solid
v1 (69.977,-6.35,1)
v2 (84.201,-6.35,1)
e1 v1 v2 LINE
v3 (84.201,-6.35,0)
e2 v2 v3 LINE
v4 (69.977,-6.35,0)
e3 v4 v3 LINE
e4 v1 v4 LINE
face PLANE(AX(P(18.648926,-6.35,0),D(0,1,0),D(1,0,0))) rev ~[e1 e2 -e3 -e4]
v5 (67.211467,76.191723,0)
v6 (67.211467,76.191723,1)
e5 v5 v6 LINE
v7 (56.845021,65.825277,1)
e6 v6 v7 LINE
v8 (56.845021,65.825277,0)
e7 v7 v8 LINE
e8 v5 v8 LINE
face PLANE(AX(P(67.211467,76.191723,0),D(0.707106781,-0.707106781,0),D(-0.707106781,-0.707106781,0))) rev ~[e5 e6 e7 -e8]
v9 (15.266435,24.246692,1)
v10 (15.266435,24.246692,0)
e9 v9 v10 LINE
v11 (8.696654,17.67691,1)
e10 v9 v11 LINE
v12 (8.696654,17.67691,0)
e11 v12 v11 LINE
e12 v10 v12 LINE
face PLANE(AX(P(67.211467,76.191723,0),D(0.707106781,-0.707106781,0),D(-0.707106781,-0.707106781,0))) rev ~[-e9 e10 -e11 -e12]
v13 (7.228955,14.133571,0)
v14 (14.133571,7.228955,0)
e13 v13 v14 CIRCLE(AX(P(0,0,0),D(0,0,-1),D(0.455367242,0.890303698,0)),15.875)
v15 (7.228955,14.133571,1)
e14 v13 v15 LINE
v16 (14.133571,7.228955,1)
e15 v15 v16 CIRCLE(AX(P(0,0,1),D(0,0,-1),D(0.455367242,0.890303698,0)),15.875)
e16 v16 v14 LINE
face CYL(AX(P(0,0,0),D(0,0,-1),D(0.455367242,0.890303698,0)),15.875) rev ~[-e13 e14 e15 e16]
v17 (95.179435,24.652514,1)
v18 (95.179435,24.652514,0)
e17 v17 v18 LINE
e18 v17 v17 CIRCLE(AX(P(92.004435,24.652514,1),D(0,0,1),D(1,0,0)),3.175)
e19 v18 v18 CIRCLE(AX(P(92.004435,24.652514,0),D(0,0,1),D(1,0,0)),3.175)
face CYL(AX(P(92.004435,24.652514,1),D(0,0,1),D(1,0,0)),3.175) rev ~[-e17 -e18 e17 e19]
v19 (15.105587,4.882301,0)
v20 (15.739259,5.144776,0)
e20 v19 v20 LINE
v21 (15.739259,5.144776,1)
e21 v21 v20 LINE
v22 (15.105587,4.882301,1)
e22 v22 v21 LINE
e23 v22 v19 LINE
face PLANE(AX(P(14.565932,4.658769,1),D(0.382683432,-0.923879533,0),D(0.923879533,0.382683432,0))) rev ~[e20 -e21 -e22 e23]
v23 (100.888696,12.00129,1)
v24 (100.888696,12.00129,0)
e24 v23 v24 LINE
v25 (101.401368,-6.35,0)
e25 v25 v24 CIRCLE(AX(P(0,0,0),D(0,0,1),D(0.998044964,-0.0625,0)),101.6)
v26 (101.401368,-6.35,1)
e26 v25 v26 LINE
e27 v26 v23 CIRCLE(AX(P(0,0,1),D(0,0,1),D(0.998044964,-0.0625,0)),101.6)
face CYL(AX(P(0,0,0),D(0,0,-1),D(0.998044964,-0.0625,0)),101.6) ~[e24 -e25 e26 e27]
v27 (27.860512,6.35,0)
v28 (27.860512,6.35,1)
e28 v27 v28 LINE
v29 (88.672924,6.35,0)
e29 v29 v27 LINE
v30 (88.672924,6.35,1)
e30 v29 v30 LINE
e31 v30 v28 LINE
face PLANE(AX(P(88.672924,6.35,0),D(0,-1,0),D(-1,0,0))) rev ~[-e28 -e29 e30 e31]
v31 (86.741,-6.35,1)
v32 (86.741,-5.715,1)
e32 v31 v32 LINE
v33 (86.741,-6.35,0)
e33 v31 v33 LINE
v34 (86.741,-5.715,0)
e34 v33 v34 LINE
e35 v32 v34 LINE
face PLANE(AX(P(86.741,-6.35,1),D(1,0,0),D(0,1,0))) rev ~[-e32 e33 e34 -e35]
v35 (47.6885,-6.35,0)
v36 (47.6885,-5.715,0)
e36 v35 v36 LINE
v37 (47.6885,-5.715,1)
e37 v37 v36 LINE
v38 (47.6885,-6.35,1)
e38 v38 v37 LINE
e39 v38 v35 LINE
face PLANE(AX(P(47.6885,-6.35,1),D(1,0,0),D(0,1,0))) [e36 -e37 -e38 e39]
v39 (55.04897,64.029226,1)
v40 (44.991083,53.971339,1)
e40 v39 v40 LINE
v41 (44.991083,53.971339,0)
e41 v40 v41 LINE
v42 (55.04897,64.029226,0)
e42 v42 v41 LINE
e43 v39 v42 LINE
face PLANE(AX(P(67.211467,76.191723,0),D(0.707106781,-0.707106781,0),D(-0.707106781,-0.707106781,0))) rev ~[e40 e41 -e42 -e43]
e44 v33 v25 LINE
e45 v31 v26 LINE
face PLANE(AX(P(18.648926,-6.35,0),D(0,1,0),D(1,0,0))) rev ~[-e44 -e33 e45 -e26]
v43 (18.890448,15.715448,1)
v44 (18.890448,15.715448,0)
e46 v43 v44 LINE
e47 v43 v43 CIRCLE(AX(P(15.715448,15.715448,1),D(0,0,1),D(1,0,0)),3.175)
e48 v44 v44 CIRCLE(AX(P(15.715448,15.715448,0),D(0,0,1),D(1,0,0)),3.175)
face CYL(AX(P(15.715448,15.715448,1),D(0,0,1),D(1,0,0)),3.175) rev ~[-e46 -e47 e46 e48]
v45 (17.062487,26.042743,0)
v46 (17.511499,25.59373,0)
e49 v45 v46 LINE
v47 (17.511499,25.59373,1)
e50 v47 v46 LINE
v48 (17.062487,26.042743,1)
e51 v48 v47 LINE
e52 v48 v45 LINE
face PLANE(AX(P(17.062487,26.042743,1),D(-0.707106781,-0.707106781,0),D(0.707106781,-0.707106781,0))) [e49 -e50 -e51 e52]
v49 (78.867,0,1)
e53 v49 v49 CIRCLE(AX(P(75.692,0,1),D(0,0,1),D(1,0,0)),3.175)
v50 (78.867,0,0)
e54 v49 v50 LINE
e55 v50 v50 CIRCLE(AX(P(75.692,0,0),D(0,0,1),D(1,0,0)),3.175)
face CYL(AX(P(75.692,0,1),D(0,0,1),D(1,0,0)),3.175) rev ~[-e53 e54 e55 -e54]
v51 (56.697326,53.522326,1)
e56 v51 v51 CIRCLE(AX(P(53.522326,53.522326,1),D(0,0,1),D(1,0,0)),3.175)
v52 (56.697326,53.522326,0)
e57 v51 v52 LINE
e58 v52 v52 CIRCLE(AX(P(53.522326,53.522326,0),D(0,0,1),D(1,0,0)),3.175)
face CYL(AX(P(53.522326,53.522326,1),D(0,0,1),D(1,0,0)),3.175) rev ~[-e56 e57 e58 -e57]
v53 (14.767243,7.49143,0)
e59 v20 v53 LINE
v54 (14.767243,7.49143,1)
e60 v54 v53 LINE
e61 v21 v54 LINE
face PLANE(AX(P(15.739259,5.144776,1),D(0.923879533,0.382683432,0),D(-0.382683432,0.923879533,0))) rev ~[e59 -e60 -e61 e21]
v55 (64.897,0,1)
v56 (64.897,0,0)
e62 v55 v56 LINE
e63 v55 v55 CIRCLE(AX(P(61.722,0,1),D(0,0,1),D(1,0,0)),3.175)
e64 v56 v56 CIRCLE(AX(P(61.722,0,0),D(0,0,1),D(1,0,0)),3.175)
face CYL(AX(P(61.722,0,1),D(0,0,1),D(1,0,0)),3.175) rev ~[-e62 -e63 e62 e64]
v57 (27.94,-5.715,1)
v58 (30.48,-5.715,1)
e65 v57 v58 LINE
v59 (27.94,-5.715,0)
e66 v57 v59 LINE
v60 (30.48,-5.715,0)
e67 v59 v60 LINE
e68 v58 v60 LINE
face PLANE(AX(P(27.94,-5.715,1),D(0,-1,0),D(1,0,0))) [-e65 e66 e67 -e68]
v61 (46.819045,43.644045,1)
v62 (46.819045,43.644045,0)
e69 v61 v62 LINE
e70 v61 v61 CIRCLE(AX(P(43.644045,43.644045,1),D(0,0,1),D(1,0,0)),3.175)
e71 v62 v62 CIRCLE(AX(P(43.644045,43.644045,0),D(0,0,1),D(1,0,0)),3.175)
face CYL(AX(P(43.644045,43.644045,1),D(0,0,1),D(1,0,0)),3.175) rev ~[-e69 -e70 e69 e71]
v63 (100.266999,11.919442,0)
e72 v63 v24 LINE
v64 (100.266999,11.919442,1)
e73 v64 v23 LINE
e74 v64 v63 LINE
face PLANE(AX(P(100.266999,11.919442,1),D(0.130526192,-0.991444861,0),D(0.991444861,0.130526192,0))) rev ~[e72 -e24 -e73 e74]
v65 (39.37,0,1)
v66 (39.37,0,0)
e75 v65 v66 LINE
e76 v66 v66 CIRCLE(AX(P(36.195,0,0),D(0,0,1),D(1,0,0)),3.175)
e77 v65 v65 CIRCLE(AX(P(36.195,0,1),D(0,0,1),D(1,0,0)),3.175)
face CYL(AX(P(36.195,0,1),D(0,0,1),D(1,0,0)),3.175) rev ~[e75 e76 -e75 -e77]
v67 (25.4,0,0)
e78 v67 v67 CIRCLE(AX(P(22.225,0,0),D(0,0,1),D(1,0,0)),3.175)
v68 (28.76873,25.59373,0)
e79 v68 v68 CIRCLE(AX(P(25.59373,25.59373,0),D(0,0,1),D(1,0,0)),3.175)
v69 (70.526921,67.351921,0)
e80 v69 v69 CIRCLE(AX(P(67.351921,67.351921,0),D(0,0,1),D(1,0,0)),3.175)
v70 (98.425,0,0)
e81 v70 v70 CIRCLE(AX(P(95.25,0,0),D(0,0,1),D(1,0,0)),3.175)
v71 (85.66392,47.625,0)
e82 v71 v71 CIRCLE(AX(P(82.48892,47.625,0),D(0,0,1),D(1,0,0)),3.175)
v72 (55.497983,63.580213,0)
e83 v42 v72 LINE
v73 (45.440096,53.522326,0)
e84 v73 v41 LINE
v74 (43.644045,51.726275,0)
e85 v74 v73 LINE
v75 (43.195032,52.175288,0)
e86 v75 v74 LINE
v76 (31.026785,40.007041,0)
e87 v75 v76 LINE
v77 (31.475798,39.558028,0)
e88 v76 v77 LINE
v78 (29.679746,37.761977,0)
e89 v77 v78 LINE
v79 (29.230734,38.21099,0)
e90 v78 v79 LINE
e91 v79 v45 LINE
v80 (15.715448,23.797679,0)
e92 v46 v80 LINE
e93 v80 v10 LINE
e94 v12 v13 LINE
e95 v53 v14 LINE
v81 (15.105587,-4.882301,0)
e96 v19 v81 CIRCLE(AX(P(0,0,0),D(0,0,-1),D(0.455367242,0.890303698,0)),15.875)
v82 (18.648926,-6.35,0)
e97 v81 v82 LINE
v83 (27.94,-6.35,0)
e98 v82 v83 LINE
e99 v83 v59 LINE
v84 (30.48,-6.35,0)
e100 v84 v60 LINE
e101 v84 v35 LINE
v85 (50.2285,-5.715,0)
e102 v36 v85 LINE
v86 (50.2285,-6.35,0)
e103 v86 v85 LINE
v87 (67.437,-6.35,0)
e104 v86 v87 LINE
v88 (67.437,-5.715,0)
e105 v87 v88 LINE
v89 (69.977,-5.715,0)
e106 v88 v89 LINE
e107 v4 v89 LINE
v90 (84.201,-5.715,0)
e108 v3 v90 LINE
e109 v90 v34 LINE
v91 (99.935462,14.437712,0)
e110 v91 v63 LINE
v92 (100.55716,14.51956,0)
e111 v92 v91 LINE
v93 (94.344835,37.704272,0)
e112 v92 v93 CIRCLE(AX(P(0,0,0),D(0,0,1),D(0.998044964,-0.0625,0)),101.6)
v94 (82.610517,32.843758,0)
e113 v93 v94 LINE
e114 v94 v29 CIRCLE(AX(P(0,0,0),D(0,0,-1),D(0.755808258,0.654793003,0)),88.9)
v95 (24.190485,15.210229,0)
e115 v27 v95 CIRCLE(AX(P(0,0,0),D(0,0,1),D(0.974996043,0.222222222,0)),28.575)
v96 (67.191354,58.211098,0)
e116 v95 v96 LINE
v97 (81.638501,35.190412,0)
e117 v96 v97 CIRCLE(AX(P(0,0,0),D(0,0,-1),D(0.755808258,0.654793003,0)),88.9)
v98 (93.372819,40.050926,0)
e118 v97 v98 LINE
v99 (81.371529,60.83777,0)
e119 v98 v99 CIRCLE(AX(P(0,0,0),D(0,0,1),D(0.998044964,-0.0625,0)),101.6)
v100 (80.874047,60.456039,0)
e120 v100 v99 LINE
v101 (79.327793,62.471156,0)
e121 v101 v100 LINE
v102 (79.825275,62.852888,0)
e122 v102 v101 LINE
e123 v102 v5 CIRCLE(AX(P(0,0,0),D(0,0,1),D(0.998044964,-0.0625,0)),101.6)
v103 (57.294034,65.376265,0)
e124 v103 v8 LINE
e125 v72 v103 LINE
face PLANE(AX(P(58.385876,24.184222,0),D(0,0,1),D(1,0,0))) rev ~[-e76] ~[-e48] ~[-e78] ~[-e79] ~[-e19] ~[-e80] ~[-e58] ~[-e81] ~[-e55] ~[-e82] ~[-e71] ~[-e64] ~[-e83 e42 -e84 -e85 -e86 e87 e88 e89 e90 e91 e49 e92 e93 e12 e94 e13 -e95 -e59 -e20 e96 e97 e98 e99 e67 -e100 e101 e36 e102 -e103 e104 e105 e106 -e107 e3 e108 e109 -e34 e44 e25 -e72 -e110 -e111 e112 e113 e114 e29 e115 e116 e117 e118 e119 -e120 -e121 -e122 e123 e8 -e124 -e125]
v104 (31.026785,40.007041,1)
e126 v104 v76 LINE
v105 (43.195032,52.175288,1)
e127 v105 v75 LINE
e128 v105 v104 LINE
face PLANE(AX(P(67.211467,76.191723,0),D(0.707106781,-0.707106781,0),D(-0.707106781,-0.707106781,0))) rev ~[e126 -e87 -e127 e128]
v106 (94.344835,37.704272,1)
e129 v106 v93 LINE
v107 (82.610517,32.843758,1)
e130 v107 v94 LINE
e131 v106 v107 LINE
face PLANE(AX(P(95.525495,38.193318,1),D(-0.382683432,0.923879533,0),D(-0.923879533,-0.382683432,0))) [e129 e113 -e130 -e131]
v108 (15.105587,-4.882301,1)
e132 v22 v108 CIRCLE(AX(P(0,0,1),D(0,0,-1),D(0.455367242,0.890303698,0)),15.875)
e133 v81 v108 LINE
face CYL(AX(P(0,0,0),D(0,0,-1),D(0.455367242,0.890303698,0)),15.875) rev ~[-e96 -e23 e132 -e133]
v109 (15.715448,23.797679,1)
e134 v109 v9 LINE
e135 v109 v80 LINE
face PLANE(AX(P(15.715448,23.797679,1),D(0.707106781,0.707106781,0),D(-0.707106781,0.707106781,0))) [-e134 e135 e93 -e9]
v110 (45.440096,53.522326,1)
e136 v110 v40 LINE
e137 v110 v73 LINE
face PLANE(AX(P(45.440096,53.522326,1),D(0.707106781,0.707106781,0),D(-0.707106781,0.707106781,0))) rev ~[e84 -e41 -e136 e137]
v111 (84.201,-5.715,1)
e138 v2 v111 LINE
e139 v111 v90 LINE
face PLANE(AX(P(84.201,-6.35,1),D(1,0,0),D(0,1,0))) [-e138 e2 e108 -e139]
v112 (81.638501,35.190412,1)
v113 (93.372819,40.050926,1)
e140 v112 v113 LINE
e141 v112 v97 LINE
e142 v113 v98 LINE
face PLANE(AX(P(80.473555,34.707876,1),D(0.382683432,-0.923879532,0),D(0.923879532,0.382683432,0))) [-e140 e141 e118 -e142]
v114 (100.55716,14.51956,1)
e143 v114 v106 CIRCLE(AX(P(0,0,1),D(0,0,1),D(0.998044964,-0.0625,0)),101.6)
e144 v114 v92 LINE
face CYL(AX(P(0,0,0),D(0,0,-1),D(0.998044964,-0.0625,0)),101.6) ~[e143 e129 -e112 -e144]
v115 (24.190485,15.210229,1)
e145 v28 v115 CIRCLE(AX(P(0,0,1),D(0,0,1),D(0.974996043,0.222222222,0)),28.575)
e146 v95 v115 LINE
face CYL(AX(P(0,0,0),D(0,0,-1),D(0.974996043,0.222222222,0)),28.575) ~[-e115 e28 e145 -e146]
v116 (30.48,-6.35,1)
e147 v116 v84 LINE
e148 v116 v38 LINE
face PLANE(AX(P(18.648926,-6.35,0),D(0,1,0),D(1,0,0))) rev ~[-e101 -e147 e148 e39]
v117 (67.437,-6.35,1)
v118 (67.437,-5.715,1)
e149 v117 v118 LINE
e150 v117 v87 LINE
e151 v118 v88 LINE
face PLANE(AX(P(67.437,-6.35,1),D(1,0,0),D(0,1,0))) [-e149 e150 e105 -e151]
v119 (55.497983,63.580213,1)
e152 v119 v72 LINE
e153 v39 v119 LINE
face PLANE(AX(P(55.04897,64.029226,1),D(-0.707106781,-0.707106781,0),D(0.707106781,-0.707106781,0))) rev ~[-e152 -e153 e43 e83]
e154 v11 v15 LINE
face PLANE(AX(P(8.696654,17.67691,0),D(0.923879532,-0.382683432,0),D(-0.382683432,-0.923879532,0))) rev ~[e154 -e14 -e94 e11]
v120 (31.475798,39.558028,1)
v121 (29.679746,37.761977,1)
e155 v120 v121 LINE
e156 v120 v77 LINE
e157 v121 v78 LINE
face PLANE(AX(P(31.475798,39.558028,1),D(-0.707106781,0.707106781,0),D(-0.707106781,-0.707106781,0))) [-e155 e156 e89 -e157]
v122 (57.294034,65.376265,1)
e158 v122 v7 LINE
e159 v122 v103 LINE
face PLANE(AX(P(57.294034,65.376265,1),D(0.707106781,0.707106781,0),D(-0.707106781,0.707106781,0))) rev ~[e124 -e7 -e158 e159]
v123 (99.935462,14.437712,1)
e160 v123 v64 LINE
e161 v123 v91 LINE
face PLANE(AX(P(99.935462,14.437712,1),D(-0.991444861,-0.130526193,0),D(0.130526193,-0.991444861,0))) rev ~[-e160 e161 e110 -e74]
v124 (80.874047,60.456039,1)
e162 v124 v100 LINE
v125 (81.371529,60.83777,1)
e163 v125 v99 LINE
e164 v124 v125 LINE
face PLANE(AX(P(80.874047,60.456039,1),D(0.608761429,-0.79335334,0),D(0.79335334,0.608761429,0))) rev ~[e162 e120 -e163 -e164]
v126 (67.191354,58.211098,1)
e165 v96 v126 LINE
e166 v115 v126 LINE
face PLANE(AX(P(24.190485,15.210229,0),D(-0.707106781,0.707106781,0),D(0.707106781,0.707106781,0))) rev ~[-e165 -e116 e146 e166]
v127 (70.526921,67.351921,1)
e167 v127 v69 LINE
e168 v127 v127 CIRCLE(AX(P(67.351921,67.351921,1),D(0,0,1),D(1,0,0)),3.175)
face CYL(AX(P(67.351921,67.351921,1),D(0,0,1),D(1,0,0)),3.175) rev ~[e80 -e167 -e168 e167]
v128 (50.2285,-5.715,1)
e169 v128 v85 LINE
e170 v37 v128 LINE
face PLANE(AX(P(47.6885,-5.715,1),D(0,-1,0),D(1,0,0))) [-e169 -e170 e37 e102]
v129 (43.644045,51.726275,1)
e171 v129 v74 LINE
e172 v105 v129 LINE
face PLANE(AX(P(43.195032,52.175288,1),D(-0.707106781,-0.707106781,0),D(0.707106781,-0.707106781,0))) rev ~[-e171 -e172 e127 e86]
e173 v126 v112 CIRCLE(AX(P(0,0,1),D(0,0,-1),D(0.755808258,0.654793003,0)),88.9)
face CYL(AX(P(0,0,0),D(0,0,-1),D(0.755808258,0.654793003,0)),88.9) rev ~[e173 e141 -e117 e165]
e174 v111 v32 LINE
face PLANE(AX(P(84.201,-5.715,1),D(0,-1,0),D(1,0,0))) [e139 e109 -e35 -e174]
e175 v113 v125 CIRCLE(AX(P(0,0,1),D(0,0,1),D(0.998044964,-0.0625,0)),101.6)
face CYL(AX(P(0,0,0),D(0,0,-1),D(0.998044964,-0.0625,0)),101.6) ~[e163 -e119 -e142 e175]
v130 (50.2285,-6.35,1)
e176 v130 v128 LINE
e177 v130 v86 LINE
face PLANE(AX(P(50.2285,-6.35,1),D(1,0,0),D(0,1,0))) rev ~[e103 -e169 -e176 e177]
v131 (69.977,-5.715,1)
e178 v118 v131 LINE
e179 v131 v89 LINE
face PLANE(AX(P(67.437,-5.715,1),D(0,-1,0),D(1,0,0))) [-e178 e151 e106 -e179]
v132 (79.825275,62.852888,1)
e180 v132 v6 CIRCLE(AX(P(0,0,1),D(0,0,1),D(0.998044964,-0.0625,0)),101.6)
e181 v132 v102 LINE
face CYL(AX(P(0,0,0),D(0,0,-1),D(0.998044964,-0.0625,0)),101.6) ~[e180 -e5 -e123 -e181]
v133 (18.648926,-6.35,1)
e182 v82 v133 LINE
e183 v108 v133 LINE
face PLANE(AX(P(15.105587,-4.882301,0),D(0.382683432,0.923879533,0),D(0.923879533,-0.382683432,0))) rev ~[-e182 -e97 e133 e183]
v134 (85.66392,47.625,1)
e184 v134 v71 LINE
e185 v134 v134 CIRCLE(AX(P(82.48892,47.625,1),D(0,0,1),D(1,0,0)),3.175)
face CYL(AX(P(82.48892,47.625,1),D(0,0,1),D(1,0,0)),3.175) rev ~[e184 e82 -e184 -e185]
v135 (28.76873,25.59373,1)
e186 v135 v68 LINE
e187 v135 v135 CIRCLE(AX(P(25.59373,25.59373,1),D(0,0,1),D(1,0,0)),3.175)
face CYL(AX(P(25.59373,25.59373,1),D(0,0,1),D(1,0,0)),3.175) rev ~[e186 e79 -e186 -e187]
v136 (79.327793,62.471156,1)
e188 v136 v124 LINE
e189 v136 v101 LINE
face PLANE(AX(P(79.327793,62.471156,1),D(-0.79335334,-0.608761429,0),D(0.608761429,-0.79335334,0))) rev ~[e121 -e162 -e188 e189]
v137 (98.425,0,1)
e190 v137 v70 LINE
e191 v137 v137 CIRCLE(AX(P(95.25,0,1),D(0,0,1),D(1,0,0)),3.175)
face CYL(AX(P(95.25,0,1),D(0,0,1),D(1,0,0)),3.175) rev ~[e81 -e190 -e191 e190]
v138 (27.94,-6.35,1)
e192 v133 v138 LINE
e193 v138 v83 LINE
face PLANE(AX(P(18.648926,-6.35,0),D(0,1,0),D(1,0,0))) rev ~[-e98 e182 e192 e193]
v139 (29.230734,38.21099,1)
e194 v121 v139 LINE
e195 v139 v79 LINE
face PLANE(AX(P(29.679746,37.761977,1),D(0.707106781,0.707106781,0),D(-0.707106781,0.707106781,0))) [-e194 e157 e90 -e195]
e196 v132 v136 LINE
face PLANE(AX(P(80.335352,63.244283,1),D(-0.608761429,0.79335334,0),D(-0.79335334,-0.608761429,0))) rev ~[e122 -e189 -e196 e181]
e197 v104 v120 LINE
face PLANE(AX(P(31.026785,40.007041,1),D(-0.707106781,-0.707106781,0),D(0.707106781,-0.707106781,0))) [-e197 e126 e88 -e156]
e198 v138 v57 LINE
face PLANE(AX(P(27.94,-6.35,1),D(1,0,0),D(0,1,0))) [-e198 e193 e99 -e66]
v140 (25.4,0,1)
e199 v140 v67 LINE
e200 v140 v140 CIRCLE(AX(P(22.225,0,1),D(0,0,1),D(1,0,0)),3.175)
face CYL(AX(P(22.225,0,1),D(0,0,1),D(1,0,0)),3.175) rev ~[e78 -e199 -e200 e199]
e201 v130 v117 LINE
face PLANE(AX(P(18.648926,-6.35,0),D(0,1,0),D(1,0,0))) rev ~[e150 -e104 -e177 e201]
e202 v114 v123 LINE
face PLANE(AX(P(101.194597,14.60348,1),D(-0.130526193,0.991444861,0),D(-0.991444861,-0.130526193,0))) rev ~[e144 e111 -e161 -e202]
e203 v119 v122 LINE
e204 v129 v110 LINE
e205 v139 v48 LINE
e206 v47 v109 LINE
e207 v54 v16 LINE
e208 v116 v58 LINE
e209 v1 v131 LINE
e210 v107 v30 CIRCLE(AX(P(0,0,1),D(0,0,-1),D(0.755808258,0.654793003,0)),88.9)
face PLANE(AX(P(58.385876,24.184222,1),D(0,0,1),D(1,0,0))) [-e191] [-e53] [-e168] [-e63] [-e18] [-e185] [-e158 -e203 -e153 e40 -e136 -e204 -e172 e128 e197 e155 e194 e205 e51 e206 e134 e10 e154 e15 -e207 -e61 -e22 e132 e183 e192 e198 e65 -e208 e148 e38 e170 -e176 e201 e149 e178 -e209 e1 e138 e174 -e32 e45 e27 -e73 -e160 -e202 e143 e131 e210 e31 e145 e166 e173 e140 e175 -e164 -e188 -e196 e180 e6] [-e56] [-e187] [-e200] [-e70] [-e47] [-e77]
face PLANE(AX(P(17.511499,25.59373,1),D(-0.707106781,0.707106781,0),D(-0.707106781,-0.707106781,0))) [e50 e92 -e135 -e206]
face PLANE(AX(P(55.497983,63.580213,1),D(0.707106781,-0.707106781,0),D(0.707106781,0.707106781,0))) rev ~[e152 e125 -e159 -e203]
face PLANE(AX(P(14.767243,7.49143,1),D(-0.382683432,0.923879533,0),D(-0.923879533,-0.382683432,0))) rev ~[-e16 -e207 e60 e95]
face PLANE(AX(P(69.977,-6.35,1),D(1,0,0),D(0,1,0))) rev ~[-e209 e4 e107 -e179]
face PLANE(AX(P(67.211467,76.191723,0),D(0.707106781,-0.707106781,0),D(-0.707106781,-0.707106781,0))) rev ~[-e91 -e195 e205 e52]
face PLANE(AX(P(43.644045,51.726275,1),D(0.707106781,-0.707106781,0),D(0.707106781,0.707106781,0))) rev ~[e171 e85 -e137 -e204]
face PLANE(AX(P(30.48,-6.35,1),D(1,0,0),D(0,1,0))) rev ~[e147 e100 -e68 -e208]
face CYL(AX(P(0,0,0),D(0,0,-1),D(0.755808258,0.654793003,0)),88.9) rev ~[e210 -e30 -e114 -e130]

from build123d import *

# Parameters (mm, degrees)
BOSS_EXTRUDE1_DEPTH = 1
SKETCH2_R           = 3.175
CUT_EXTRUDE1_DEPTH  = 2
SKETCH3_W           = 2.54
SKETCH3_H           = 0.635
CUT_EXTRUDE2_DEPTH  = 2


with BuildPart() as part:
    # Sketch1 → Boss-Extrude1 (new body)
    with BuildSketch(Plane.XY):
        with BuildLine():
            Line((67.21146711, 76.191723231), (8.696654013, 17.676910134))
            Line((8.696654013, 17.676910134), (7.228954972, 14.133571205))
            ThreePointArc((7.228954972, 14.133571205), (14.666587579, 6.075099489), (15.105587123, -4.88230096))
            Line((15.105587123, -4.88230096), (18.648926052, -6.35))
            Line((18.648926052, -6.35), (101.401368334, -6.35))
            ThreePointArc((101.401368334, -6.35), (93.866160503, 38.880636728), (67.21146711, 76.191723231))
        make_face()
        with BuildLine():
            Line((88.672924278, 6.35), (27.86051193, 6.35))
            ThreePointArc((27.86051193, 6.35), (26.399857642, 10.93517908), (24.190484974, 15.210228852))
            Line((24.190484974, 15.210228852), (67.191354125, 58.211098004))
            ThreePointArc((67.191354125, 58.211098004), (82.13289044, 34.020557137), (88.672924278, 6.35))
        make_face(mode=Mode.SUBTRACT)
    extrude(amount=BOSS_EXTRUDE1_DEPTH)

    # Sketch2 → Cut-Extrude1 (cut, through all)
    with BuildSketch(Plane.XY.offset(1)):
        with Locations((22.225, 0)):
            Circle(SKETCH2_R)
        with Locations((36.195, 0)):
            Circle(SKETCH2_R)
        with Locations((61.722, 0)):
            Circle(SKETCH2_R)
        with Locations((75.692, 0)):
            Circle(SKETCH2_R)
        with Locations((95.25, 0)):
            Circle(SKETCH2_R)
        with Locations((15.715448212, 15.715448212)):
            Circle(SKETCH2_R)
        with Locations((25.593729945, 25.593729945)):
            Circle(SKETCH2_R)
        with Locations((43.644044748, 43.644044748)):
            Circle(SKETCH2_R)
        with Locations((53.522326482, 53.522326482)):
            Circle(SKETCH2_R)
        with Locations((92.004434954, 24.652514046)):
            Circle(SKETCH2_R)
        with Locations((82.48891971, 47.625)):
            Circle(SKETCH2_R)
        with Locations((67.351920908, 67.351920908)):
            Circle(SKETCH2_R)
    extrude(amount=-CUT_EXTRUDE1_DEPTH, mode=Mode.SUBTRACT)

    # Sketch3 → Cut-Extrude2 (cut, through all)
    with BuildSketch(Plane.XY.offset(1)):
        Polygon((15.266435406, 24.246691527), (17.06248663, 26.042742751), (17.511499436, 25.593729945), (15.715448212, 23.797678721), align=None)
        Polygon((44.991083167, 53.971339288), (43.195031942, 52.175288063), (43.644044748, 51.726275257), (45.440095973, 53.522326482), align=None)
        with Locations((29.21, -6.0325)):
            Rectangle(SKETCH3_W, SKETCH3_H)
        with Locations((68.707, -6.0325)):
            Rectangle(SKETCH3_W, SKETCH3_H)
        Polygon((29.230733674, 38.210989795), (31.026784898, 40.007041019), (31.475797704, 39.558028213), (29.67974648, 37.761976989), align=None)
        Polygon((56.845021246, 65.825277367), (55.048970022, 64.029226143), (55.497982828, 63.580213337), (57.294034052, 65.376264561), align=None)
        with Locations((48.9585, -6.0325)):
            Rectangle(SKETCH3_W, SKETCH3_H)
        with Locations((85.471, -6.0325)):
            Rectangle(SKETCH3_W, SKETCH3_H)
        Polygon((99.935462164, 14.437711971), (100.266998693, 11.919442024), (101.526133667, 12.085210288), (101.194597138, 14.603480236), align=None)
        Polygon((94.55347955, 40.539971694), (95.525495469, 38.193317681), (81.445571393, 32.361222172), (80.473555475, 34.707876184), align=None)
        Polygon((79.327792988, 62.471156422), (80.874047017, 60.456038938), (81.88160576, 61.229165953), (80.33535173, 63.244283437), align=None)
        Polygon((13.593916116, 7.005422516), (14.565932035, 4.658768503), (15.739259041, 5.144776462), (14.767243123, 7.491430475), align=None)
    extrude(amount=-CUT_EXTRUDE2_DEPTH, mode=Mode.SUBTRACT)


solid = part.part
